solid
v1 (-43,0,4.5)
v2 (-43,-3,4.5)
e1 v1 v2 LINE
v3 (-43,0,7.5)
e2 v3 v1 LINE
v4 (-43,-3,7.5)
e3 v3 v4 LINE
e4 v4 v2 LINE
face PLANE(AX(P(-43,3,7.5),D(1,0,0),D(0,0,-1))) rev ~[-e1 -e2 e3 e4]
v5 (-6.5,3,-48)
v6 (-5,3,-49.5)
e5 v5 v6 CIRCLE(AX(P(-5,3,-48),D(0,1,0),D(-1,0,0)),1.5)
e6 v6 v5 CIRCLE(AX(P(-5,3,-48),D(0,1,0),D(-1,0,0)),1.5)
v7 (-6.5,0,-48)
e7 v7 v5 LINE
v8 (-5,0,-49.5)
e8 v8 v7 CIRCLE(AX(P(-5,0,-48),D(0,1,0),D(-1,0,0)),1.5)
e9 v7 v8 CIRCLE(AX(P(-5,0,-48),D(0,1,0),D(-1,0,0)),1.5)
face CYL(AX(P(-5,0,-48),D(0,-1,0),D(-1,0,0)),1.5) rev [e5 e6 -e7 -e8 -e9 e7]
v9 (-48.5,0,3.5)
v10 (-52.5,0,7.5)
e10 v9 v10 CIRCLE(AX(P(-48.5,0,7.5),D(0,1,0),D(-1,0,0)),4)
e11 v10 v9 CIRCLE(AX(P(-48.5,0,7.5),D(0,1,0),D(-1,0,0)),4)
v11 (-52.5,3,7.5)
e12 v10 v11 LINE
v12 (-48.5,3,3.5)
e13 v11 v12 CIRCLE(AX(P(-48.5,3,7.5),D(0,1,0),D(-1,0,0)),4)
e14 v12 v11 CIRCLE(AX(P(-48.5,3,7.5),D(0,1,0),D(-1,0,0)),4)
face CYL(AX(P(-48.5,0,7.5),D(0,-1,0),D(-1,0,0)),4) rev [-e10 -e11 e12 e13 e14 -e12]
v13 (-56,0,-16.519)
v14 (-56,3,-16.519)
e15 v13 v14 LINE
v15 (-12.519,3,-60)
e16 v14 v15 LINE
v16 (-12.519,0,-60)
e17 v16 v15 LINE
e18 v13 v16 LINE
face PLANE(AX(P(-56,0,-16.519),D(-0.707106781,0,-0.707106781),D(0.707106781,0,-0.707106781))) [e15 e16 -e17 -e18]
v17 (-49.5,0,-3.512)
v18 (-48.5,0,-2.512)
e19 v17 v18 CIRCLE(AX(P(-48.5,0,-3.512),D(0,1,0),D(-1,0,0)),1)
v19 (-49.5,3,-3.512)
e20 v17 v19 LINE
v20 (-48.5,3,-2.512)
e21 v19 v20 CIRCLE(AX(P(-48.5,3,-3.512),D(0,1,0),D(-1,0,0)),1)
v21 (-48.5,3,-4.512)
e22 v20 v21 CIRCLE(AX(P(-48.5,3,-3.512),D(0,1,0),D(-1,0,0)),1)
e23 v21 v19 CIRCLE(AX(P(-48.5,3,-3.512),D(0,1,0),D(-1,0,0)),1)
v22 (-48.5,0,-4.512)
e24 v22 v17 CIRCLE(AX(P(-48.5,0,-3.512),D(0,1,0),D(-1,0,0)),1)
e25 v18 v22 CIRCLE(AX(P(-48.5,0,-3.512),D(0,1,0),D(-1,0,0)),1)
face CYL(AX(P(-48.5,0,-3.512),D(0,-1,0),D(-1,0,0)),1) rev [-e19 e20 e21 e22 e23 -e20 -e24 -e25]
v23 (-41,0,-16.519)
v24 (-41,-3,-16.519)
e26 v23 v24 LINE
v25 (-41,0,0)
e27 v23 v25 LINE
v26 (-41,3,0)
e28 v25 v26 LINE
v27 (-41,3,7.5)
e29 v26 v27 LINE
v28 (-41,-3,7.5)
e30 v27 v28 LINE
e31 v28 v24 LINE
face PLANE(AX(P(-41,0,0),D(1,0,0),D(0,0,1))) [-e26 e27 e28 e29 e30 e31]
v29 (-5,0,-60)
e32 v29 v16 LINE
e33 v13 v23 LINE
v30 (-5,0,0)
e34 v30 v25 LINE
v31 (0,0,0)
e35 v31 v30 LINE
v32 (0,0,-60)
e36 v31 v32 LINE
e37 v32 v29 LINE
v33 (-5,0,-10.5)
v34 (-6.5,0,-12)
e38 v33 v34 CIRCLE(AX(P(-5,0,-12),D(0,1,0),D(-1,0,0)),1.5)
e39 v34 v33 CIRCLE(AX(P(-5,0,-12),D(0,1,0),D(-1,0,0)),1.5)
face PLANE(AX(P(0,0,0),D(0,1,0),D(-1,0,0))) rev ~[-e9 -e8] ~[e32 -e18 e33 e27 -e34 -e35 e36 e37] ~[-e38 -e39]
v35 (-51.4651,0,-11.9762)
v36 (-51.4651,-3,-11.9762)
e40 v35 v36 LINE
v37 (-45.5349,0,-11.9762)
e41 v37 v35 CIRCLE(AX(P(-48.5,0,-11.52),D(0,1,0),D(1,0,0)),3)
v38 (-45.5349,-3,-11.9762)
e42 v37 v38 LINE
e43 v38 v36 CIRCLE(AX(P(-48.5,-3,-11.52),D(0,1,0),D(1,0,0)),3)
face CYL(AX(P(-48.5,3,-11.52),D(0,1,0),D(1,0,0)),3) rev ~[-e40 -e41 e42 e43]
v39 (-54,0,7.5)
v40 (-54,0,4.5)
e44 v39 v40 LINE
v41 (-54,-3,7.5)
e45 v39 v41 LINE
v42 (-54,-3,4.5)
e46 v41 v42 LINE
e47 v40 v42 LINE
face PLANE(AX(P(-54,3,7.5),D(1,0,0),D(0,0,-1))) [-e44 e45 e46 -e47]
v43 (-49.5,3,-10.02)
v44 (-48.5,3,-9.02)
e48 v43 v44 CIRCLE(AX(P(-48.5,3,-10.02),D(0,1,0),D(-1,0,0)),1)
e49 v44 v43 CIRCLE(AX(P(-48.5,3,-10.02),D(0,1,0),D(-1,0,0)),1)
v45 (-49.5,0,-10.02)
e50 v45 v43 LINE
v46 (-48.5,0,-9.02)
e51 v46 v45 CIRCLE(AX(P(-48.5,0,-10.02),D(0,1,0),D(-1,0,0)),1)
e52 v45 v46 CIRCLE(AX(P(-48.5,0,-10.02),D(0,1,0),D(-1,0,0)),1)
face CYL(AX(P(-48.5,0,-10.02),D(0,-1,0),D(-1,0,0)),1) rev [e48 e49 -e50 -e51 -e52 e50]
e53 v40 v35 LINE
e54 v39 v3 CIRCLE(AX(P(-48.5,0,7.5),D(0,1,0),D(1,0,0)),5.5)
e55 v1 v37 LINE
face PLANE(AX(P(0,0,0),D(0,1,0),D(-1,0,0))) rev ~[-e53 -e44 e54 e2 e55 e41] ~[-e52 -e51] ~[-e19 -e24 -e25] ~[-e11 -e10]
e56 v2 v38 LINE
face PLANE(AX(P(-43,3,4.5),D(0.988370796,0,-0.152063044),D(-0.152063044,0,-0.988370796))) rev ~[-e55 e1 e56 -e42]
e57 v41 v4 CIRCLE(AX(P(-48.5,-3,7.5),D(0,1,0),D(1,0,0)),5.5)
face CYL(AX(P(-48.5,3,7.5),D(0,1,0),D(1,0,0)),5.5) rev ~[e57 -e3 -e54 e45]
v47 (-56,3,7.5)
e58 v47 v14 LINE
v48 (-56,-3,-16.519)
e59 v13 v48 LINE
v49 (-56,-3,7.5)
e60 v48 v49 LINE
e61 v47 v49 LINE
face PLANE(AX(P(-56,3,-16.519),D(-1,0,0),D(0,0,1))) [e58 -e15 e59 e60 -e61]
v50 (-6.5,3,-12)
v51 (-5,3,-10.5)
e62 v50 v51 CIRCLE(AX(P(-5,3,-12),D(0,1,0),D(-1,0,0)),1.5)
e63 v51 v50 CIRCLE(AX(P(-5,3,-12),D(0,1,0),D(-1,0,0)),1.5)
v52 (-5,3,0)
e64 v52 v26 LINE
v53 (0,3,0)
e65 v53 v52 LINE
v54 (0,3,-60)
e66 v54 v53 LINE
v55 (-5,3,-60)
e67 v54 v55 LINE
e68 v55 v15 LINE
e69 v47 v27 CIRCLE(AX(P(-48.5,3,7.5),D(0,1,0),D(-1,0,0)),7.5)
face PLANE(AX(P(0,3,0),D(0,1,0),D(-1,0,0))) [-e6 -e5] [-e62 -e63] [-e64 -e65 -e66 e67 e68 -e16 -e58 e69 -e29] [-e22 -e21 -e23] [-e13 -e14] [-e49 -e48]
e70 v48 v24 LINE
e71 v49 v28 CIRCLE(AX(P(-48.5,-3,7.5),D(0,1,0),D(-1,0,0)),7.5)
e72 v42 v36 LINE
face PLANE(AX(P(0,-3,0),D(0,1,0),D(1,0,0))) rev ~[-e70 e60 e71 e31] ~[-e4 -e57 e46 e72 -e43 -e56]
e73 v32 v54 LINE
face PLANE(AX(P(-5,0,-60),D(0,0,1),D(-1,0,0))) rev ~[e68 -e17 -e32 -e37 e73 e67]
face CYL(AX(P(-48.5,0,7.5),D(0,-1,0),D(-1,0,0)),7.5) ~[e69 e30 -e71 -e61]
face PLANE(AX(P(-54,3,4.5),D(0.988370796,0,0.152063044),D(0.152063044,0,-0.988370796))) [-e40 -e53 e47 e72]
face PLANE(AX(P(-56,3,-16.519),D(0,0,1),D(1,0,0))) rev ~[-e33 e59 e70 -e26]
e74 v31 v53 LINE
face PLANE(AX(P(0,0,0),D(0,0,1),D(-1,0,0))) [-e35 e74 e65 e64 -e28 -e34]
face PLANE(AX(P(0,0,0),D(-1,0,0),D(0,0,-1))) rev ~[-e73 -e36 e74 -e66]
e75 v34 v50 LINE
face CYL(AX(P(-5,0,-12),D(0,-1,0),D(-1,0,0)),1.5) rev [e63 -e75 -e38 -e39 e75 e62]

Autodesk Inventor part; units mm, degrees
ref_plane "YZ Plane" through (0, 0, 0) normal (1, 0, 0) x (0, 1, 0)
ref_plane "XZ Plane" through (0, 0, 0) normal (0, 1, 0) x (-1, 0, 0)
ref_plane "XY Plane" through (0, 0, 0) normal (0, 0, 1) x (1, 0, 0)
sketch "Sketch3" plane through (0, 0, 0) normal (0, 1, 0) x (-1, 0, 0)
  line L0 (0, 0) -> (0, -60)
  line L1 (0, 0) -> (60, 0) construction
  line L2 (0, -60) -> (12.519, -60)
  line L3 (0, 0) -> (41, 0)
  line L4 (41, 0) -> (41, 7.5)
  arc A0 (56, 7.5) -> (41, 7.5) centre (48.5, 7.5) ccw
  line L5 (56, 7.5) -> (56, -16.519)
  line L6 (56, -16.519) -> (12.519, -60)
  line L7 (0, -30) -> (5, -30)
  line L8 (5, -60) -> (5, -48)
  line L9 (5, 0) -> (5, -12)
  circle A1 centre (5, -12) radius 1.5
  circle A2 centre (5, -48) radius 1.5
  circle A3 centre (48.5, 7.5) radius 4
  line L10 (48.5, 7.5) -> (48.5, -3.512)
  line L11 (48.5, -3.512) -> (48.5, -10.02)
  circle A4 centre (48.5, -3.512) radius 1
  circle A5 centre (48.5, -10.02) radius 1
  dimension "d6" = 60
  dimension "d7" = 90
  dimension "d8" = 12.519
  dimension "d9" = 41
  dimension "d10" = 7.5
  dimension "d11" = 15
  dimension "d13" = 24.019
  dimension "d18" = 5
  dimension "d19" = 12
  dimension "d20" = 12
  dimension "d21" = 3
  dimension "d22" = 3
  dimension "d25" = 8
  dimension "d26" = 11.012
  dimension "d27" = 6.508
  dimension "d28" = 2
  dimension "d29" = 2
extrude "Extrusion1" add sketch "Sketch3" along normal blind 3
sketch "Sketch6" plane through (0, 3, 0) normal (0, 1, 0) x (1, 0, 0)
  circle A0 centre (-48.5, -7.5) radius 4 projected
  circle A1 centre (-5, 48) radius 1.5 projected
  circle A2 centre (-5, 12) radius 1.5 projected
  circle A3 centre (-48.5, 10.02) radius 1 projected
  circle A4 centre (-48.5, 3.512) radius 1 projected
  line L0 (0, 0) -> (0, 60) projected
  line L1 (0, 60) -> (-12.519, 60) projected
  line L2 (-12.519, 60) -> (-56, 16.519) projected
  line L3 (-56, 16.519) -> (-56, -7.5) projected
  arc A5 (-56, -7.5) -> (-41, -7.5) centre (-48.5, -7.5) ccw projected
  line L4 (-41, -7.5) -> (-41, 0) projected
  line L5 (-41, 0) -> (0, 0) projected
  line L6 (-56, 16.519) -> (-41, 16.519)
  line L7 (-41, -7.5) -> (-41, 0) projected
  line L8 (-41, 16.519) -> (-41, 0)
  circle A6 centre (-48.5, -7.5) radius 5.5
  line L9 (-48.5, 10.02) -> (-48.5, 11.52)
  circle A7 centre (-48.5, 11.52) radius 3
  line L10 (-54, -7.5) -> (-54, -4.5)
  line L11 (-43, -7.5) -> (-43, -4.5)
  line L12 (-43, -4.5) -> (-45.5349, 11.9762)
  line L13 (-54, -4.5) -> (-51.4651, 11.9762)
  dimension "d31" = 11
  dimension "d32" = 1.5
  dimension "d33" = 6
  dimension "d34" = 3
extrude "Extrusion3" add sketch "Sketch6" against normal blind 6 contours L4 A5 L3 L6 L8
properties part number "servoSide_std"
